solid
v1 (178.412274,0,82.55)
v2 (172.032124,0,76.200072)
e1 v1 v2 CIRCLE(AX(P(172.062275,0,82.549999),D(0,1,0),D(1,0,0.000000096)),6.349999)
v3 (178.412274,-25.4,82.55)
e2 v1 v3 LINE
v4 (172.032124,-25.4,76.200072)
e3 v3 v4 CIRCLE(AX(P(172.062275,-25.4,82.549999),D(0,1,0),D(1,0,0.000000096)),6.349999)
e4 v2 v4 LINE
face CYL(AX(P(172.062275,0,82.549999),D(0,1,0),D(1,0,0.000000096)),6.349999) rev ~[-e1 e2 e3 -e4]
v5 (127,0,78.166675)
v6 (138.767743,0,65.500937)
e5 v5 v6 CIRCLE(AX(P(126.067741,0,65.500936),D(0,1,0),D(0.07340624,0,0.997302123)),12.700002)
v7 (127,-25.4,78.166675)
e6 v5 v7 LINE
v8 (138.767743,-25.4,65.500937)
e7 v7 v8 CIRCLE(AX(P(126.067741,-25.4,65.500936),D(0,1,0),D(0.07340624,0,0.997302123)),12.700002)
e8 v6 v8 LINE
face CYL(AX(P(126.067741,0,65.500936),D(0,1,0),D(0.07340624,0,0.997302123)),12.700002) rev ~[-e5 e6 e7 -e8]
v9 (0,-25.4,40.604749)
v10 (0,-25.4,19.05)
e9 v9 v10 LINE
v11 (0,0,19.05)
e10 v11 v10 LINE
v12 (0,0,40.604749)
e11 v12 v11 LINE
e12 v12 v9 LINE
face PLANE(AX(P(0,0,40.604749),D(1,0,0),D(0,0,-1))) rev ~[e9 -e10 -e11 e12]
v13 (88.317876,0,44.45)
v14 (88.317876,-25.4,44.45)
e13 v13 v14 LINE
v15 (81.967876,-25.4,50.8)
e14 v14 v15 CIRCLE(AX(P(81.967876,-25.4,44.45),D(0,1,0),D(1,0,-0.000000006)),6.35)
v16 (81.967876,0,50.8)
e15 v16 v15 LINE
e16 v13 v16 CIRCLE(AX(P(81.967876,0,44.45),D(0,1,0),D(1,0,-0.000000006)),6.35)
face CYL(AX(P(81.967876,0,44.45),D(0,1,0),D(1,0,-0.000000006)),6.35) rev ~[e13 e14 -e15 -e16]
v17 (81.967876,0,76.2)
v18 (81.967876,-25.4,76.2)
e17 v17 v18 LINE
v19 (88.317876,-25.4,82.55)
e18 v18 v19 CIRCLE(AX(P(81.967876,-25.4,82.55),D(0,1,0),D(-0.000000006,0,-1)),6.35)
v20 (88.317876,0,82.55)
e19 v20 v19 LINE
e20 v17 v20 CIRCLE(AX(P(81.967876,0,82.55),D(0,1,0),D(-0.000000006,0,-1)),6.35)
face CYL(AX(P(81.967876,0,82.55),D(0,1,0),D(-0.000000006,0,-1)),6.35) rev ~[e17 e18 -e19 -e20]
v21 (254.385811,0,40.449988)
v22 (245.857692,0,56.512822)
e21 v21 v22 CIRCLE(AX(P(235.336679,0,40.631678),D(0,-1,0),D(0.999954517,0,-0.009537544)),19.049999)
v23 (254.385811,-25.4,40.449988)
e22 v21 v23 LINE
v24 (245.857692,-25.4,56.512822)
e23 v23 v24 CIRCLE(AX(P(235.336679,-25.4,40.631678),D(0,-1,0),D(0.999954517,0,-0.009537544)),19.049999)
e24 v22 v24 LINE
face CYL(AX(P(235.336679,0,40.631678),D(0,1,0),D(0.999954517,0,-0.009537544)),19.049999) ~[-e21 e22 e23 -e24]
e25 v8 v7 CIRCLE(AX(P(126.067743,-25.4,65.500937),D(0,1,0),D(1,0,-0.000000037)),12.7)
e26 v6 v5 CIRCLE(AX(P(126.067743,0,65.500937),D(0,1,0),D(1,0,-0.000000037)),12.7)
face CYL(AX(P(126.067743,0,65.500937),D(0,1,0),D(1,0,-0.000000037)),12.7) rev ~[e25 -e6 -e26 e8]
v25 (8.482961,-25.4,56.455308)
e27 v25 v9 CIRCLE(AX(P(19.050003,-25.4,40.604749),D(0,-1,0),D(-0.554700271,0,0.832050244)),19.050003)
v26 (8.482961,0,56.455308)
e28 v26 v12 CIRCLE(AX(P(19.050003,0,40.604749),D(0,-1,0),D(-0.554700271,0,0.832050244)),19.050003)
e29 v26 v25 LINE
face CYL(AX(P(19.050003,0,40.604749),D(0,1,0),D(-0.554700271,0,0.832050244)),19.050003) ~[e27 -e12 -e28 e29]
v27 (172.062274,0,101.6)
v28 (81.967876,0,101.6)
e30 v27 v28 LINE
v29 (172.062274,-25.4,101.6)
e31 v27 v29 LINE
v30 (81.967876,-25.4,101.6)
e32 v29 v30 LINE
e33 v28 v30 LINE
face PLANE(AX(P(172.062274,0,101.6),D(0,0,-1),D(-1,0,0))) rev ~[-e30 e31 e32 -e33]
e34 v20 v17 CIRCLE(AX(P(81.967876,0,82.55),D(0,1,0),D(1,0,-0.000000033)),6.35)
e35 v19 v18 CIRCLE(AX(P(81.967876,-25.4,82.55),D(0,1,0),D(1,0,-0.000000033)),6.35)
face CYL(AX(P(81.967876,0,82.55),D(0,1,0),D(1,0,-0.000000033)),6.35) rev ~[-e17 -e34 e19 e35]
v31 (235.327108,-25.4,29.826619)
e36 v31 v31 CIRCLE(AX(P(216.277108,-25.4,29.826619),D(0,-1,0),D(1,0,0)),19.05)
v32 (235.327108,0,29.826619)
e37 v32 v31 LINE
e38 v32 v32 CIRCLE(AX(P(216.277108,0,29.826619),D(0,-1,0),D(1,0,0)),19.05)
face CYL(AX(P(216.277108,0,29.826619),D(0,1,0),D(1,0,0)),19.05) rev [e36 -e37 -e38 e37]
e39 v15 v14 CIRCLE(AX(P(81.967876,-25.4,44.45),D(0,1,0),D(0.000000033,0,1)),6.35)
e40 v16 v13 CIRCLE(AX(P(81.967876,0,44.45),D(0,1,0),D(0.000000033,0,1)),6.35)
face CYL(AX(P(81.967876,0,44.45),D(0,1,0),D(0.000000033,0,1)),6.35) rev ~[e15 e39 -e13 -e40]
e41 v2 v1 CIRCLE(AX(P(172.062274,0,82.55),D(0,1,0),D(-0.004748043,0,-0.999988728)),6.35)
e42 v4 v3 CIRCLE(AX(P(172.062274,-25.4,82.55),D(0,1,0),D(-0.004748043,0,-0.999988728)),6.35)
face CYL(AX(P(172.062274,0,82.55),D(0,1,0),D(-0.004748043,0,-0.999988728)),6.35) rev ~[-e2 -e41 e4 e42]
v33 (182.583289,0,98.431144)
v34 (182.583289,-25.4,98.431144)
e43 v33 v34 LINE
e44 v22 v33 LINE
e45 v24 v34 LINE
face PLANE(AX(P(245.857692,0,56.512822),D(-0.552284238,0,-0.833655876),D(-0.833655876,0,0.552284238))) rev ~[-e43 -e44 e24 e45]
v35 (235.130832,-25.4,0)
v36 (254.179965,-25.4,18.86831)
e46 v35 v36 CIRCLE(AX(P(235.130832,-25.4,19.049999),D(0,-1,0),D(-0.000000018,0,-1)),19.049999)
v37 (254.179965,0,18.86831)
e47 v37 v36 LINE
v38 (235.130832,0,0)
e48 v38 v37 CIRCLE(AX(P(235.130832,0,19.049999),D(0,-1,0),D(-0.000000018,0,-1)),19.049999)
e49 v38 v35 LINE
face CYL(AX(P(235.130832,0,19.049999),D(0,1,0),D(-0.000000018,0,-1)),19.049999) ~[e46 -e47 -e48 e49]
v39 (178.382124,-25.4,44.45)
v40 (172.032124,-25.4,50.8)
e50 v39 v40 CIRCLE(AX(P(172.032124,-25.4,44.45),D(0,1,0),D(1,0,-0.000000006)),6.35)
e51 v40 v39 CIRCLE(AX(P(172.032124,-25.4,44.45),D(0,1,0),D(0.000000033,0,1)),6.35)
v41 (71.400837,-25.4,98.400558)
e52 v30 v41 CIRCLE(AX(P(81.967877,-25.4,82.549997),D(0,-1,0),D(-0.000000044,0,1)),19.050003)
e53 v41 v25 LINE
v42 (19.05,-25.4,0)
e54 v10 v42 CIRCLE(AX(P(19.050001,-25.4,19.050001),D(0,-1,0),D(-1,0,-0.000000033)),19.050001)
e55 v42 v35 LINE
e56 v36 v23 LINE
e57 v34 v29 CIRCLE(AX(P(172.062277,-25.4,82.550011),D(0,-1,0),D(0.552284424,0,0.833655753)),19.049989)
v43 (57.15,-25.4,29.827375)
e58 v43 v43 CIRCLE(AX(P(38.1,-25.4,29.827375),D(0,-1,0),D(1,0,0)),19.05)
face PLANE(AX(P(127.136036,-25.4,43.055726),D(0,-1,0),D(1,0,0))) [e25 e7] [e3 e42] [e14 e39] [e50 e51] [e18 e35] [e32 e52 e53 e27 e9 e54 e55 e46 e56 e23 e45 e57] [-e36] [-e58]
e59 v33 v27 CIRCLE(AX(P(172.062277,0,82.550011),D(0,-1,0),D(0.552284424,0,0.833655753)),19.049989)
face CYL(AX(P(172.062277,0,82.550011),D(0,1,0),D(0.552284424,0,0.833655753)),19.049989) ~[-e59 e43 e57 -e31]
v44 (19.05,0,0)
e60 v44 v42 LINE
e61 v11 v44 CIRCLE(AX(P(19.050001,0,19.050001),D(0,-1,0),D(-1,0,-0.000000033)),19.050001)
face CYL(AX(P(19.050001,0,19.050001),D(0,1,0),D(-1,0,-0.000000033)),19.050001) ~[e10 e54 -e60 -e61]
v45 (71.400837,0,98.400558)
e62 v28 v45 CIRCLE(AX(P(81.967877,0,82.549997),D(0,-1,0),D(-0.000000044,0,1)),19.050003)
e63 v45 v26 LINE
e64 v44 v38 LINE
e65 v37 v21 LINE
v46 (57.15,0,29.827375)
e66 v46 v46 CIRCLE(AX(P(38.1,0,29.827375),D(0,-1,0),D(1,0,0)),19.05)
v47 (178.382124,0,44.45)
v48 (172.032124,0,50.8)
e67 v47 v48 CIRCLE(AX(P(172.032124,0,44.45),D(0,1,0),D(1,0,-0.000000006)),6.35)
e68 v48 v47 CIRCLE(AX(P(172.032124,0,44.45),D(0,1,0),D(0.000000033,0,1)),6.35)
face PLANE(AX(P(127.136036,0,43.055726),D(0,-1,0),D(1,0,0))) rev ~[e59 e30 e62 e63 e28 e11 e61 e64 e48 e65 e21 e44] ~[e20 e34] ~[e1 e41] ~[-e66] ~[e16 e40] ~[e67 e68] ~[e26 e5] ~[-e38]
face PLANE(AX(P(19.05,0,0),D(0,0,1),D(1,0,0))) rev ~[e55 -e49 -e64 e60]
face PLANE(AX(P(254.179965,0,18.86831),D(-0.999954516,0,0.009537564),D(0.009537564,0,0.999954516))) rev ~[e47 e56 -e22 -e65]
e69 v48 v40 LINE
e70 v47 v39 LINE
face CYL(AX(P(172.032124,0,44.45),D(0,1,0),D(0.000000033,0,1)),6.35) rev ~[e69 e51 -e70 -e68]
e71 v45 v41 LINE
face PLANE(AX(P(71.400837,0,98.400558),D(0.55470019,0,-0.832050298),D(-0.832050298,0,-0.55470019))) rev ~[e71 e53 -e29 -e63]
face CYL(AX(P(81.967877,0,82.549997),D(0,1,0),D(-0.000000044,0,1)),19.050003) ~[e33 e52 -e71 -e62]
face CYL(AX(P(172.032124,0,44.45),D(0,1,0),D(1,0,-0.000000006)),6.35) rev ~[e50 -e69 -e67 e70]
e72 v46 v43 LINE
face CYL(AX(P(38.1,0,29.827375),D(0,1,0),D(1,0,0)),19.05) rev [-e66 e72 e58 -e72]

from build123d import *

# Parameters (mm, degrees)
F3_R     = 19.05
F4_DEPTH = 25.4


with BuildPart() as f4:
    # F3 (on Front) → F4 (new body)
    with BuildSketch(Plane.XZ):
        with BuildLine():
            ThreePointArc((0, 19.05), (5.579616, 5.579616), (19.05, 0))
            Line((19.05, 0), (235.130832, 0))
            ThreePointArc((235.130832, 0), (248.536825, 5.515531), (254.179965, 18.86831))
            Line((254.179965, 18.86831), (254.385811, 40.449988))
            ThreePointArc((254.385811, 40.449988), (252.162315, 49.564786), (245.857692, 56.512822))
            Line((245.857692, 56.512822), (182.583289, 98.431144))
            ThreePointArc((182.583289, 98.431144), (177.556212, 100.790591), (172.062274, 101.6))
            Line((172.062274, 101.6), (127, 101.6))
            Line((127, 101.6), (81.967876, 101.6))
            ThreePointArc((81.967876, 101.6), (76.447488, 100.782603), (71.400837, 98.400558))
            Line((71.400837, 98.400558), (8.482961, 56.455308))
            ThreePointArc((8.482961, 56.455308), (2.254099, 49.593643), (0, 40.604749))
            Line((0, 40.604749), (0, 19.05))
        make_face()
        with Locations((38.1, 29.827375)):
            Circle(F3_R, mode=Mode.SUBTRACT)
        with BuildLine():
            ThreePointArc((88.317876, 44.45), (77.477748, 39.959872), (81.967876, 50.8))
            ThreePointArc((81.967876, 50.8), (86.458004, 48.940128), (88.317876, 44.45))
        make_face(mode=Mode.SUBTRACT)
        with BuildLine():
            ThreePointArc((178.382124, 44.45), (167.541996, 39.959872), (172.032124, 50.8))
            ThreePointArc((172.032124, 50.8), (176.522252, 48.940128), (178.382124, 44.45))
        make_face(mode=Mode.SUBTRACT)
        with Locations((216.277108, 29.826619)):
            Circle(F3_R, mode=Mode.SUBTRACT)
        with BuildLine():
            ThreePointArc((138.767743, 65.500937), (116.76372, 56.856565), (127, 78.166675))
            ThreePointArc((127, 78.166675), (135.371765, 74.145309), (138.767743, 65.500937))
        make_face(mode=Mode.SUBTRACT)
        with BuildLine():
            ThreePointArc((88.317876, 82.55), (86.458004, 78.059872), (81.967876, 76.2))
            ThreePointArc((81.967876, 76.2), (77.477748, 87.040128), (88.317876, 82.55))
        make_face(mode=Mode.SUBTRACT)
        with BuildLine():
            ThreePointArc((178.412274, 82.55), (176.54173, 78.049225), (172.032124, 76.200072))
            ThreePointArc((172.032124, 76.200072), (167.582818, 87.050775), (178.412274, 82.55))
        make_face(mode=Mode.SUBTRACT)
    extrude(amount=F4_DEPTH)


solid = f4.part
